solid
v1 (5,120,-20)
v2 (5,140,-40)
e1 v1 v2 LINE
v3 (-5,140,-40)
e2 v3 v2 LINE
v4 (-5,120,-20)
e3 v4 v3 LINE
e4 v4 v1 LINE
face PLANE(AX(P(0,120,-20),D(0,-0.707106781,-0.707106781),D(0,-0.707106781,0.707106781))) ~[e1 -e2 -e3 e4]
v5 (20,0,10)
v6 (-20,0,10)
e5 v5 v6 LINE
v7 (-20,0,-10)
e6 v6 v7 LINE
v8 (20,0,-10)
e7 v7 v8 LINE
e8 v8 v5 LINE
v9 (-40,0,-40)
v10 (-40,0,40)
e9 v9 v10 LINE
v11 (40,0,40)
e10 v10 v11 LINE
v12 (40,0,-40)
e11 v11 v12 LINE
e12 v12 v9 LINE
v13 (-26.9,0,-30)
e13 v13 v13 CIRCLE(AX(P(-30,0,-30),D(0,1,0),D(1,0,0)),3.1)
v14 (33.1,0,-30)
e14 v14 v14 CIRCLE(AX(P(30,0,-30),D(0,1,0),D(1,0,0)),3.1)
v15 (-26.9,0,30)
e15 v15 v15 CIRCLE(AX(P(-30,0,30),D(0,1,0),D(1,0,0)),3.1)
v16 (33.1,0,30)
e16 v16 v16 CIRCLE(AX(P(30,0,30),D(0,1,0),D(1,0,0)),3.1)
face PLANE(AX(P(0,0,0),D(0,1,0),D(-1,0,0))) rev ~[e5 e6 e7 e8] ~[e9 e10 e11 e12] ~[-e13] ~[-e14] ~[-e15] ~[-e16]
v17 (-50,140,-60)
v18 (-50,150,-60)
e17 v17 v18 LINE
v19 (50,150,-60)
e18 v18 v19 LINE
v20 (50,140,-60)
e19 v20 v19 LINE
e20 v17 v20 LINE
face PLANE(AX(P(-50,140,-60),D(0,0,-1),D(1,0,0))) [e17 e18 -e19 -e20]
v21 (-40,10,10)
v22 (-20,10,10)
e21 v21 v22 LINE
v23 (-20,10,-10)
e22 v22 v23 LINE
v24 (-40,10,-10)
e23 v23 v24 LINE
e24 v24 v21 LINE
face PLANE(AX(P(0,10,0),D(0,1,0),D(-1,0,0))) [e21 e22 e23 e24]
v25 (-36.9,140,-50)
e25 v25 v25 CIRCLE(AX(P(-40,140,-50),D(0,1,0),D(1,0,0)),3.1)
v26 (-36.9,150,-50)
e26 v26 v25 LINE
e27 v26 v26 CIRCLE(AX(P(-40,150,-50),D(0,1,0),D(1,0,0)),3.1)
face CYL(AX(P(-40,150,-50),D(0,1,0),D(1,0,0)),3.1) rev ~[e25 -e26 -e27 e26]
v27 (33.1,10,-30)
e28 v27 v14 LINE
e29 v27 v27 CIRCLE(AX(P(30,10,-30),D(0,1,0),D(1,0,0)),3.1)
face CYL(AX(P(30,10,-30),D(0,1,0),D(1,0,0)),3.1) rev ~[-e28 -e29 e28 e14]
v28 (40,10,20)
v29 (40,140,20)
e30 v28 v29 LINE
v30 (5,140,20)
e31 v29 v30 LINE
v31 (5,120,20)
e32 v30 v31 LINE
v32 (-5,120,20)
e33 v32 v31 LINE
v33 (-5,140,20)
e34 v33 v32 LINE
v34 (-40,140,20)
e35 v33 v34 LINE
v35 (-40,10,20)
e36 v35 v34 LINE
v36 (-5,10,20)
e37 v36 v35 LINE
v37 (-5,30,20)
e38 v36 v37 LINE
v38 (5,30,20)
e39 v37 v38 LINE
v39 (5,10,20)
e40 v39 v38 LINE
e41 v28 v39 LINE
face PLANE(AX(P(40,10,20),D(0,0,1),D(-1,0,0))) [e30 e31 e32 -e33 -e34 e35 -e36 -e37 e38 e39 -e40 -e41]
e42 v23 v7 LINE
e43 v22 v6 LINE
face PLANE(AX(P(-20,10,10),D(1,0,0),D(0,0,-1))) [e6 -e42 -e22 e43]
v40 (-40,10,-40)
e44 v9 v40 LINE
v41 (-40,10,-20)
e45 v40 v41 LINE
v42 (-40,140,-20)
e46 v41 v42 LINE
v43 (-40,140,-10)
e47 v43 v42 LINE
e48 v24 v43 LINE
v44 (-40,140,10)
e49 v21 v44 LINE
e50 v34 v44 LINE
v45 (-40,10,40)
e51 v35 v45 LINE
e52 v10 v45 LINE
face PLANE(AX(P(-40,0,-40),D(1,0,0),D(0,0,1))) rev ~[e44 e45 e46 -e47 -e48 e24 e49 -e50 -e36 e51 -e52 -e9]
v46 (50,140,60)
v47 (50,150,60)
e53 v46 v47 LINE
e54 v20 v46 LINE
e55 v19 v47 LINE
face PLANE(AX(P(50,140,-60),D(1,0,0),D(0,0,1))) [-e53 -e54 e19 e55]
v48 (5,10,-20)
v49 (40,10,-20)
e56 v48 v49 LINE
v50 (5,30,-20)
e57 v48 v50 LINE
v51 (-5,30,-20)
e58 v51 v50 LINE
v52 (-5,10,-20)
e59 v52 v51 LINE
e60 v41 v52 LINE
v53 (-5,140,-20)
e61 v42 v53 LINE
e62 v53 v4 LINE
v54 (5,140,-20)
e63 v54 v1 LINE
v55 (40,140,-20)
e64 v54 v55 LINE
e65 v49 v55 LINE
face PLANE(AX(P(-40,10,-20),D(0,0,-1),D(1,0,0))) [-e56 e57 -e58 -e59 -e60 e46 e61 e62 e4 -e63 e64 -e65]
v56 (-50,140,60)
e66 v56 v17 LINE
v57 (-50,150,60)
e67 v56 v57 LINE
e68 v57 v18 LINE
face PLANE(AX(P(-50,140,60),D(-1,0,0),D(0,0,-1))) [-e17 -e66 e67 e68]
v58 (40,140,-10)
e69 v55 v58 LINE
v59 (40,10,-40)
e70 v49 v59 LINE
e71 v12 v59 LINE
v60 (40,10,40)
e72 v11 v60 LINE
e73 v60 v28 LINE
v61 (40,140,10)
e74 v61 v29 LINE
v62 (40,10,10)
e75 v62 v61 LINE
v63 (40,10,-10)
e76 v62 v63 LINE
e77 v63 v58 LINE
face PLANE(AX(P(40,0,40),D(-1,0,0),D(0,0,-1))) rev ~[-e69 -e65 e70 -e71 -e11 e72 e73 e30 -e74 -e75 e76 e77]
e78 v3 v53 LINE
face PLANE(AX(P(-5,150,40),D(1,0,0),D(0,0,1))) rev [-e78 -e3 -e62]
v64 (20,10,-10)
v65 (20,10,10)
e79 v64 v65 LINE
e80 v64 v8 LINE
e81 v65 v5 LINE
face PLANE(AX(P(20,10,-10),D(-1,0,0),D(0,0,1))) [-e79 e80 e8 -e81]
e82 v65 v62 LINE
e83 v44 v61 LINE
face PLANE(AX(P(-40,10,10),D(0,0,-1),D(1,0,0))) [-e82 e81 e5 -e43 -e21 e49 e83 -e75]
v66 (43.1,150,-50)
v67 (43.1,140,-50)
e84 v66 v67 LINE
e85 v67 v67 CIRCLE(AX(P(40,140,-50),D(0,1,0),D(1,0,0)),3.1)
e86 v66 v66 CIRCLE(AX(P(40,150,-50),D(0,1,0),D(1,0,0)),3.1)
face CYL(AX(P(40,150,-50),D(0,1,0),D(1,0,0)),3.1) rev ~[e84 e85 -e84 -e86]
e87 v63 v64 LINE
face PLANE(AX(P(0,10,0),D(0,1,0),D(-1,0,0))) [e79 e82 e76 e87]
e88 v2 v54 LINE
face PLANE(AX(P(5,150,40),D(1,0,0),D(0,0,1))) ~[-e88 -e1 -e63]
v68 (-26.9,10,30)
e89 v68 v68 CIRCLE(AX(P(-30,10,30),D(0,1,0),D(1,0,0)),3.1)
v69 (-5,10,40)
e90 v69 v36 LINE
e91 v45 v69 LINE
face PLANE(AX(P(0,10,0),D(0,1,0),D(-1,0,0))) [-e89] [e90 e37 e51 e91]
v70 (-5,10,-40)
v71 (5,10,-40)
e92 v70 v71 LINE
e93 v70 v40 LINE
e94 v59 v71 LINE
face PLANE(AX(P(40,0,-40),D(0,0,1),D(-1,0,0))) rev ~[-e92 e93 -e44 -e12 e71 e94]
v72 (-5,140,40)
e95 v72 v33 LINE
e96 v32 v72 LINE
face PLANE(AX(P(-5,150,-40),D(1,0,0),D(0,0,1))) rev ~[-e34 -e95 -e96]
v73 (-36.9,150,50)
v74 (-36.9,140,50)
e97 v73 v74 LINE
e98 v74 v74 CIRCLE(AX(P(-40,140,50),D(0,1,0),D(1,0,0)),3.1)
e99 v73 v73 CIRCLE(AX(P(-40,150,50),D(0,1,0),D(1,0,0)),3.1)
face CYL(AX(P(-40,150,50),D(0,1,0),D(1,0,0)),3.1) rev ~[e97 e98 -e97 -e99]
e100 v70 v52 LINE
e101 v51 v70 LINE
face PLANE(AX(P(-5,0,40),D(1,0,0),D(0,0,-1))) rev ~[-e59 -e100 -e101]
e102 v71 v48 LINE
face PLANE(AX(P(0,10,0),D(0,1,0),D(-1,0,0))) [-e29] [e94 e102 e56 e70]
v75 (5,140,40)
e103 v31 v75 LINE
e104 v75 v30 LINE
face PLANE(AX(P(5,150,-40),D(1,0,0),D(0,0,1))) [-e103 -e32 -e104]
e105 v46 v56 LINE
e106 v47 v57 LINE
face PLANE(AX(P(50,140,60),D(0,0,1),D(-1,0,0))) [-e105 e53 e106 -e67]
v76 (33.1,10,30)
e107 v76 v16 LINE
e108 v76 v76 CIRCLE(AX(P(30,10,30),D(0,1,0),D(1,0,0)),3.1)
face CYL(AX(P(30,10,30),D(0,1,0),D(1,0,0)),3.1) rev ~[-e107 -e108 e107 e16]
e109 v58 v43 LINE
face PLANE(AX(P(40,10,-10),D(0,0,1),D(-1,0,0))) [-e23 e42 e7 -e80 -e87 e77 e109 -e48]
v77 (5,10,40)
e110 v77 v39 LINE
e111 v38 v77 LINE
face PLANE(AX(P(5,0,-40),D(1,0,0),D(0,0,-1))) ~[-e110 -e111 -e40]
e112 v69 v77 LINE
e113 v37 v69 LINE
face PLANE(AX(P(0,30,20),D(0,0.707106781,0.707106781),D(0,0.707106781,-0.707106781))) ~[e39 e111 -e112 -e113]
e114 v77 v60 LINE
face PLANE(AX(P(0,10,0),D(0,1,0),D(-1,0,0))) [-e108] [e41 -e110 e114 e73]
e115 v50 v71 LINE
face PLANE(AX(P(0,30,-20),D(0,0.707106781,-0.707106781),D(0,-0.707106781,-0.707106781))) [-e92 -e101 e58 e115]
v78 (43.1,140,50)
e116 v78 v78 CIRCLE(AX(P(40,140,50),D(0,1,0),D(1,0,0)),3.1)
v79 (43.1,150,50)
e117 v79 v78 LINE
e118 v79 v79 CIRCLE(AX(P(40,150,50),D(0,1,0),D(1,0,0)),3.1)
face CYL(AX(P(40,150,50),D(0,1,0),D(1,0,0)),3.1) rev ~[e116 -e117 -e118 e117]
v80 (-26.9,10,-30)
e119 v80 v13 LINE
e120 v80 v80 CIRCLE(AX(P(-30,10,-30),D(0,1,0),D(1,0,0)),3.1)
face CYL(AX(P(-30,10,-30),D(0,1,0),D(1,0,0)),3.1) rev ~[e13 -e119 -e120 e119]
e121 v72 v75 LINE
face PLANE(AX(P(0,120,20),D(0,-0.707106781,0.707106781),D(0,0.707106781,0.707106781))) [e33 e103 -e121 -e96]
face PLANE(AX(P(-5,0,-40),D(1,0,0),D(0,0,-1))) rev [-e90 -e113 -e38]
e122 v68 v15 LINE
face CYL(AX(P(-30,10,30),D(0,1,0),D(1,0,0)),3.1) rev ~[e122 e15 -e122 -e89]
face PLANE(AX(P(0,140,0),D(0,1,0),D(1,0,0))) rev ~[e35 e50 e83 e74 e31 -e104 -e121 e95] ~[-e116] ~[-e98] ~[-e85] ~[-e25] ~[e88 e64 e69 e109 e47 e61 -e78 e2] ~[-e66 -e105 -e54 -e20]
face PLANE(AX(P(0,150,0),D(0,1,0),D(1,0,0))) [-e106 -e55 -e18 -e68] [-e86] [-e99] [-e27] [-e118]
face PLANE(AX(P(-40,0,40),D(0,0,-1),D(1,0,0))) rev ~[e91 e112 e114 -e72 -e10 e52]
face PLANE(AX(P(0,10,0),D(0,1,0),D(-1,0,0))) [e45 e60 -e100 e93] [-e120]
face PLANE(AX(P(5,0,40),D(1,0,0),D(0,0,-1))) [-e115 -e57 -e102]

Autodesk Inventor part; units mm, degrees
sketch "Sketch1" plane through (0, 0, 0) normal (0, 1, 0) x (-1, 0, 0)
  line L0 (40, 40) -> (-40, 40)
  line L1 (-40, 40) -> (-40, -40)
  line L2 (-40, -40) -> (40, -40)
  line L3 (40, -40) -> (40, 40)
  line L4 (40, 40) -> (-40, -40) construction
  line L5 (-40, 40) -> (40, -40) construction
  point P0 (0, 0)
  dimension "d0" = 80
  dimension "d1" = 80
extrude "Extrusion1" add sketch "Sketch1" along normal blind 10
sketch "Sketch2" plane through (0, 10, 0) normal (0, 1, 0) x (1, 0, 0)
  circle A0 centre (30, 30) radius 3.1
  circle A1 centre (30, -30) radius 3.1
  circle A2 centre (-30, -30) radius 3.1
  circle A3 centre (-30, 30) radius 3.1
  point P0 (0, 0)
  dimension "d4" = 6.2
  dimension "d5" = 6.2
  dimension "d6" = 6.2
  dimension "d7" = 6.2
  dimension "d8" = 30
  dimension "d9" = 30
  dimension "d10" = 30
  dimension "d11" = 30
  dimension "d12" = 30
  dimension "d13" = 30
  dimension "d14" = 30
  dimension "d15" = 30
extrude "Extrusion2" cut sketch "Sketch2" against normal blind 10
sketch "Sketch3" plane through (0, 10, 0) normal (0, 1, 0) x (1, 0, 0)
  line L0 (40, 10) -> (-40, 10)
  line L1 (-40, 10) -> (-40, 20)
  line L2 (-40, 20) -> (40, 20)
  line L3 (40, 20) -> (40, 10)
  line L4 (40, 10) -> (-40, 20) construction
  line L5 (-40, 10) -> (40, 20) construction
  line L6 (40, -20) -> (-40, -20)
  line L7 (-40, -20) -> (-40, -10)
  line L8 (-40, -10) -> (40, -10)
  line L9 (40, -10) -> (40, -20)
  line L10 (40, -20) -> (-40, -10) construction
  line L11 (-40, -20) -> (40, -10) construction
  line L12 (-40, 40) -> (-40, -40) projected
  line L13 (40, -40) -> (40, 40) projected
  line L14 (40, 40) -> (-40, 40) projected
  line L15 (-40, -40) -> (40, -40) projected
  point P0 (0, 0)
  point P1 (0, 15)
  point P2 (0, -15)
  dimension "d19" = 10
  dimension "d20" = 10
  dimension "d21" = 20
  dimension "d22" = 20
extrude "Extrusion3" add sketch "Sketch3" along normal blind 130 contours L0 L1 L2 L3 | L9 L6 L7 L8
sketch "Sketch4" plane through (0, 10, 0) normal (0, 1, 0) x (1, 0, 0)
  line L0 (20, -10) -> (-20, -10)
  line L1 (-20, -10) -> (-20, 10)
  line L2 (-20, 10) -> (20, 10)
  line L3 (20, 10) -> (20, -10)
  line L4 (20, -10) -> (-20, 10) construction
  line L5 (-20, -10) -> (20, 10) construction
  line L6 (-40, 10) -> (40, 10) projected
  point P0 (0, 0)
  dimension "d25" = 40
extrude "Extrusion4" cut sketch "Sketch4" against normal blind 10
sketch "Sketch5" plane through (0, 140, 0) normal (0, 1, 0) x (1, 0, 0)
  line L0 (50, -60) -> (-50, -60)
  line L1 (-50, -60) -> (-50, 60)
  line L2 (-50, 60) -> (50, 60)
  line L3 (50, 60) -> (50, -60)
  line L4 (50, -60) -> (-50, 60) construction
  line L5 (-50, -60) -> (50, 60) construction
  point P0 (0, 0)
  dimension "d28" = 100
  dimension "d29" = 120
extrude "Extrusion5" add sketch "Sketch5" along normal blind 10
sketch "Sketch6" plane through (0, 150, 0) normal (0, 1, 0) x (1, 0, 0)
  circle A0 centre (-40, 50) radius 3.1
  circle A1 centre (40, 50) radius 3.1
  circle A2 centre (40, -50) radius 3.1
  circle A3 centre (-40, -50) radius 3.1
  point P0 (0, 0)
  dimension "d32" = 6.2
  dimension "d33" = 6.2
  dimension "d34" = 6.2
  dimension "d35" = 6.2
  dimension "d36" = 50
  dimension "d37" = 50
  dimension "d38" = 50
  dimension "d39" = 50
  dimension "d40" = 40
  dimension "d41" = 40
  dimension "d42" = 40
  dimension "d43" = 40
extrude "Extrusion6" cut sketch "Sketch6" against normal blind 10
ref_plane "Work Plane1" through (0, 0, 40) normal (1, 0, 0) x (0, 0, -1)
sketch "Sketch7" plane through (0, 0, 40) normal (1, 0, 0) x (0, 0, -1)
  line L0 (80, 10) -> (60, 10)
  line L1 (60, 10) -> (60, 30)
  line L2 (60, 10) -> (80, 10) projected
  line L3 (60, 10) -> (60, 140) projected
  line L4 (60, 30) -> (80, 10)
  point P0 (40, 0)
  dimension "d47" = 20
  dimension "d48" = 20
extrude "Extrusion7" add sketch "Sketch7" along normal mid plane 10
ref_plane "Work Plane2" through (0, 75, 0) normal (0, -1, 0) x (1, 0, 0)
mirror "Mirror1" about plane through (0, 75, 0) normal (0, -1, 0) of "Extrusion7"
ref_plane "Work Plane3" through (40, 0, 0) normal (0, 0, -1) x (-1, 0, 0)
mirror "Mirror2" about plane through (40, 0, 0) normal (0, 0, -1) of "Extrusion7", "Mirror1"
properties part number "lidar" material "ABS Plastic"
